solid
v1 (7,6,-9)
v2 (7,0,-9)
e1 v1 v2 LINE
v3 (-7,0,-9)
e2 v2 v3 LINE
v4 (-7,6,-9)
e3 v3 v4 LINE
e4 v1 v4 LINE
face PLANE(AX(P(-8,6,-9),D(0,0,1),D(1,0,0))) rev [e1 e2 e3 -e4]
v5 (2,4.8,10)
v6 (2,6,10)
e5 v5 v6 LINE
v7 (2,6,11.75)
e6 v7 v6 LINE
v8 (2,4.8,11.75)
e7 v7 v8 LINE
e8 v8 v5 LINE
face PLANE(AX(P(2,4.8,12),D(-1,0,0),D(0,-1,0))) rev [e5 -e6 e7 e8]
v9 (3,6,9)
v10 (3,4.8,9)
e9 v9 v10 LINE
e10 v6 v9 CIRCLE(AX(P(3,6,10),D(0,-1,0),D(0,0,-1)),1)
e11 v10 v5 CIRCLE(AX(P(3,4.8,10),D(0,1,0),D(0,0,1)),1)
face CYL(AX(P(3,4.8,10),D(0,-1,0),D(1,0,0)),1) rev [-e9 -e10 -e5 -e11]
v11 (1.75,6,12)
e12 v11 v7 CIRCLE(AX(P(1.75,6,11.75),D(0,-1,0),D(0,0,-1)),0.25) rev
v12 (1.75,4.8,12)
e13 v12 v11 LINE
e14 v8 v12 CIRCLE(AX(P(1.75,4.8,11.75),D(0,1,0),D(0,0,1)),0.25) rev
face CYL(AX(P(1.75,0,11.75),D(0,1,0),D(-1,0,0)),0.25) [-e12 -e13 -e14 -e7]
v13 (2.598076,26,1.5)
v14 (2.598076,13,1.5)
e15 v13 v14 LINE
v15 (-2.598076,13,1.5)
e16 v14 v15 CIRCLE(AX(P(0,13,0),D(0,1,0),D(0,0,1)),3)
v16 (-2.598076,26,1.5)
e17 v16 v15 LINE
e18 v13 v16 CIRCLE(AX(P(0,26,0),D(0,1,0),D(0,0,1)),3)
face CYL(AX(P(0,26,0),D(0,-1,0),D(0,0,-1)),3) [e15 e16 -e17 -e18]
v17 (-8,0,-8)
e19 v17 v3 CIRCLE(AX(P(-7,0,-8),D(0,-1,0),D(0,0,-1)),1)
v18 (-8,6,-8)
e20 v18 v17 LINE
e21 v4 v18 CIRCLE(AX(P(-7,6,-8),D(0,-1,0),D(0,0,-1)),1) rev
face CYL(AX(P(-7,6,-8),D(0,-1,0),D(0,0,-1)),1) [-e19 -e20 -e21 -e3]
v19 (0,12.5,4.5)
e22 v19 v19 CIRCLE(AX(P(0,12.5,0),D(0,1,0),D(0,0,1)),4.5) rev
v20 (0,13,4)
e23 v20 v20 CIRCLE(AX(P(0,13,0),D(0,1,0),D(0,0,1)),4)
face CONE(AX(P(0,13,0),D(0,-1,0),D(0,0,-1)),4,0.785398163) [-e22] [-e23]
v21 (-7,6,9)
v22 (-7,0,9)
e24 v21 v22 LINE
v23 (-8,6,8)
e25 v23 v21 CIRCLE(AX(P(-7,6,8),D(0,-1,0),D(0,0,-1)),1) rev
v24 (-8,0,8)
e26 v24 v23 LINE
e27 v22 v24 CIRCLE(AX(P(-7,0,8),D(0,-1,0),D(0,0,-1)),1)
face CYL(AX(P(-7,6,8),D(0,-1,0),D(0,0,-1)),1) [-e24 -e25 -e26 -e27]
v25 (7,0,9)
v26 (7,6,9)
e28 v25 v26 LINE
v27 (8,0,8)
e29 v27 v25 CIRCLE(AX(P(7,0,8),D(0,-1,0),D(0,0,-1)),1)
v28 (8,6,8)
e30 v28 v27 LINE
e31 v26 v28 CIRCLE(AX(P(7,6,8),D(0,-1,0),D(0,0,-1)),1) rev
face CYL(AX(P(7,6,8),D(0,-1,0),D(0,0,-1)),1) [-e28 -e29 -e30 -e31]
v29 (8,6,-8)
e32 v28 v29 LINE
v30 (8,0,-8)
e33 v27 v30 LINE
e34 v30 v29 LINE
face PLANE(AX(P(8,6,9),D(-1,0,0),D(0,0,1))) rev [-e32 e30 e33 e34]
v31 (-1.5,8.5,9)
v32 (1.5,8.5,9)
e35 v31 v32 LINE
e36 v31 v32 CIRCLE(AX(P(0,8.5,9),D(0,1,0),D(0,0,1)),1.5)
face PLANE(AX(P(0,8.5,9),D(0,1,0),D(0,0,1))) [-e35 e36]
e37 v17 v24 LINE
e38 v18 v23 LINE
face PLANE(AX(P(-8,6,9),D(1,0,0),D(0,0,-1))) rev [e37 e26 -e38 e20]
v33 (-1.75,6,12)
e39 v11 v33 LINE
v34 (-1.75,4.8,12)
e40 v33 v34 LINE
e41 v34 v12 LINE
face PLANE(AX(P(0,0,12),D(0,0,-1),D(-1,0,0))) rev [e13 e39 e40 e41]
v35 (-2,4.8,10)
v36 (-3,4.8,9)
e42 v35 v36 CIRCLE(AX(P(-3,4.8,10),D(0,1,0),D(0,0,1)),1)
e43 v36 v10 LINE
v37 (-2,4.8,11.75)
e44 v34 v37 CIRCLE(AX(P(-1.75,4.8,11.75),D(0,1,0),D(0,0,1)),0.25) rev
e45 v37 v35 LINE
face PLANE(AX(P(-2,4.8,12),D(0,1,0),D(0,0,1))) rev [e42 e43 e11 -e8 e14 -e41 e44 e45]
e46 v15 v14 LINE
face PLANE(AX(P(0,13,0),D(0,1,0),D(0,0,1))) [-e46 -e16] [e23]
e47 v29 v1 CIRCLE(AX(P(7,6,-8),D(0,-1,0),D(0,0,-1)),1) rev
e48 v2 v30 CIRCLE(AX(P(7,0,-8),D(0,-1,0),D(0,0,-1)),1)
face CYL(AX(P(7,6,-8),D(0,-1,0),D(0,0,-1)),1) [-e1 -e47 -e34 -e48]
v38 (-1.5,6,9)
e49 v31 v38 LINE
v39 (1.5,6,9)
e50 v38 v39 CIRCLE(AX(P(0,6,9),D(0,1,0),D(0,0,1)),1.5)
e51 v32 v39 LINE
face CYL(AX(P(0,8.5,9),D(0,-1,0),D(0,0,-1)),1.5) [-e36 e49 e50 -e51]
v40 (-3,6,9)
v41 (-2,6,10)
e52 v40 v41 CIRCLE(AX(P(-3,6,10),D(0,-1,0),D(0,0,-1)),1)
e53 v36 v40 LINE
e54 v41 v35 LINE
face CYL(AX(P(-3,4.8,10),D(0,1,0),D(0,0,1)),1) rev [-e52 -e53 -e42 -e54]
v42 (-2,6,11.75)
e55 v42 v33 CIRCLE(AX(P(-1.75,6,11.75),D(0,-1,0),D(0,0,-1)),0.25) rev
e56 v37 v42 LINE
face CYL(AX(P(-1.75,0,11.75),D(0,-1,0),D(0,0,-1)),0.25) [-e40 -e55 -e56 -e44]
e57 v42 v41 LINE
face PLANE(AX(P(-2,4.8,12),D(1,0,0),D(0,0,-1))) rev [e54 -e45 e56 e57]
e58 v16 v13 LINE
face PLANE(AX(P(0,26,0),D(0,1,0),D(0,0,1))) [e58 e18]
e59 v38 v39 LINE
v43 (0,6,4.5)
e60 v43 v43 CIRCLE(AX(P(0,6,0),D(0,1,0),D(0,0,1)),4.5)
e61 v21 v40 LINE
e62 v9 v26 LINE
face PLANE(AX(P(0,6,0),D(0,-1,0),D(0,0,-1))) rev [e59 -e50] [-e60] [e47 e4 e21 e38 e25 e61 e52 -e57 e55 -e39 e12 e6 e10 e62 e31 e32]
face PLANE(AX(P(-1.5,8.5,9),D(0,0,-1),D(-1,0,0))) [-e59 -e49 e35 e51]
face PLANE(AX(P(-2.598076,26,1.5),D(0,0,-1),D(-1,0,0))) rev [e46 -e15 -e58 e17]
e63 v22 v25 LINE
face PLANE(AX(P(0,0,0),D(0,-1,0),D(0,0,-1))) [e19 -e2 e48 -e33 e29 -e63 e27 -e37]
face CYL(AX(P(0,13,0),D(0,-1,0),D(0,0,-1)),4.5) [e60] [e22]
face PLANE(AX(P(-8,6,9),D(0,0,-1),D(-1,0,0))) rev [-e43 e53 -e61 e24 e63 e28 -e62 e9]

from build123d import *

# Parameters (mm, degrees)
SKETCH_1_W      = 16
SKETCH_1_H      = 18
EXTRUDE_1_DEPTH = 6
FILLET_1_R      = 1
SKETCH_2_W      = 4
SKETCH_2_H      = 1.2
EXTRUDE_2_DEPTH = 3
FILLET_2_R      = 1
FILLET_3_R      = 0.25
SKETCH_3_R      = 4.5
EXTRUDE_3_DEPTH = 7
CHAMFER_1_SIZE  = 0.5
EXTRUDE_4_DEPTH = 13
EXTRUDE_5_DEPTH = 2.5


with BuildPart() as part:
    # Эскиз1 → Бобышка-Вытянуть1 (new body)
    with BuildSketch(Plane(origin=(0, 0, 0), x_dir=(1, 0, 0), z_dir=(0, 1, 0))):
        Rectangle(SKETCH_1_W, SKETCH_1_H)
    extrude(amount=EXTRUDE_1_DEPTH)

    # Скругление1
    fillet_1_edges = [part.edges().sort_by_distance(p)[0] for p in [
        (8, 3, 9),
        (-8, 3, 9),
        (-8, 3, -9),
        (8, 3, -9),
    ]]
    fillet(fillet_1_edges, radius=FILLET_1_R)

    # Эскиз2 → Бобышка-Вытянуть2 (add)
    with BuildSketch(Plane.XY.offset(9)):
        with Locations((0, 5.4)):
            Rectangle(SKETCH_2_W, SKETCH_2_H)
    extrude(amount=EXTRUDE_2_DEPTH)

    # Скругление2
    fillet_2_edges = [part.edges().sort_by_distance(p)[0] for p in [
        (2, 5.4, 9),
        (-2, 5.4, 9),
    ]]
    fillet(fillet_2_edges, radius=FILLET_2_R)

    # Скругление3
    fillet_3_edges = [part.edges().sort_by_distance(p)[0] for p in [
        (2, 5.4, 12),
        (-2, 5.4, 12),
    ]]
    fillet(fillet_3_edges, radius=FILLET_3_R)

    # Эскиз3 → Бобышка-Вытянуть3 (add)
    with BuildSketch(Plane(origin=(0, 6, 0), x_dir=(1, 0, 0), z_dir=(0, 1, 0))):
        with Locations(Location((0, 0, 0), (0, 0, 270))):
            Circle(SKETCH_3_R)
    extrude(amount=EXTRUDE_3_DEPTH)

    # Фаска1
    chamfer_1_edges = [part.edges().sort_by_distance(p)[0] for p in [
        (0, 13, -4.5),
    ]]
    chamfer(chamfer_1_edges, length=CHAMFER_1_SIZE)

    # Эскиз4 → Бобышка-Вытянуть4 (add)
    with BuildSketch(Plane(origin=(0, 13, 0), x_dir=(1, 0, 0), z_dir=(0, 1, 0))):
        with BuildLine():
            Line((-2.598076211, -1.5), (2.598076211, -1.5))
            ThreePointArc((2.598076211, -1.5), (0, 3), (-2.598076211, -1.5))
        make_face()
    extrude(amount=EXTRUDE_4_DEPTH)

    # Эскиз5 → Бобышка-Вытянуть5 (add)
    with BuildSketch(Plane(origin=(0, 6, 0), x_dir=(1, 0, 0), z_dir=(0, 1, 0))):
        with BuildLine():
            Line((-1.5, -9), (1.5, -9))
            ThreePointArc((1.5, -9), (0, -10.5), (-1.5, -9))
        make_face()
    extrude(amount=EXTRUDE_5_DEPTH)


solid = part.part
